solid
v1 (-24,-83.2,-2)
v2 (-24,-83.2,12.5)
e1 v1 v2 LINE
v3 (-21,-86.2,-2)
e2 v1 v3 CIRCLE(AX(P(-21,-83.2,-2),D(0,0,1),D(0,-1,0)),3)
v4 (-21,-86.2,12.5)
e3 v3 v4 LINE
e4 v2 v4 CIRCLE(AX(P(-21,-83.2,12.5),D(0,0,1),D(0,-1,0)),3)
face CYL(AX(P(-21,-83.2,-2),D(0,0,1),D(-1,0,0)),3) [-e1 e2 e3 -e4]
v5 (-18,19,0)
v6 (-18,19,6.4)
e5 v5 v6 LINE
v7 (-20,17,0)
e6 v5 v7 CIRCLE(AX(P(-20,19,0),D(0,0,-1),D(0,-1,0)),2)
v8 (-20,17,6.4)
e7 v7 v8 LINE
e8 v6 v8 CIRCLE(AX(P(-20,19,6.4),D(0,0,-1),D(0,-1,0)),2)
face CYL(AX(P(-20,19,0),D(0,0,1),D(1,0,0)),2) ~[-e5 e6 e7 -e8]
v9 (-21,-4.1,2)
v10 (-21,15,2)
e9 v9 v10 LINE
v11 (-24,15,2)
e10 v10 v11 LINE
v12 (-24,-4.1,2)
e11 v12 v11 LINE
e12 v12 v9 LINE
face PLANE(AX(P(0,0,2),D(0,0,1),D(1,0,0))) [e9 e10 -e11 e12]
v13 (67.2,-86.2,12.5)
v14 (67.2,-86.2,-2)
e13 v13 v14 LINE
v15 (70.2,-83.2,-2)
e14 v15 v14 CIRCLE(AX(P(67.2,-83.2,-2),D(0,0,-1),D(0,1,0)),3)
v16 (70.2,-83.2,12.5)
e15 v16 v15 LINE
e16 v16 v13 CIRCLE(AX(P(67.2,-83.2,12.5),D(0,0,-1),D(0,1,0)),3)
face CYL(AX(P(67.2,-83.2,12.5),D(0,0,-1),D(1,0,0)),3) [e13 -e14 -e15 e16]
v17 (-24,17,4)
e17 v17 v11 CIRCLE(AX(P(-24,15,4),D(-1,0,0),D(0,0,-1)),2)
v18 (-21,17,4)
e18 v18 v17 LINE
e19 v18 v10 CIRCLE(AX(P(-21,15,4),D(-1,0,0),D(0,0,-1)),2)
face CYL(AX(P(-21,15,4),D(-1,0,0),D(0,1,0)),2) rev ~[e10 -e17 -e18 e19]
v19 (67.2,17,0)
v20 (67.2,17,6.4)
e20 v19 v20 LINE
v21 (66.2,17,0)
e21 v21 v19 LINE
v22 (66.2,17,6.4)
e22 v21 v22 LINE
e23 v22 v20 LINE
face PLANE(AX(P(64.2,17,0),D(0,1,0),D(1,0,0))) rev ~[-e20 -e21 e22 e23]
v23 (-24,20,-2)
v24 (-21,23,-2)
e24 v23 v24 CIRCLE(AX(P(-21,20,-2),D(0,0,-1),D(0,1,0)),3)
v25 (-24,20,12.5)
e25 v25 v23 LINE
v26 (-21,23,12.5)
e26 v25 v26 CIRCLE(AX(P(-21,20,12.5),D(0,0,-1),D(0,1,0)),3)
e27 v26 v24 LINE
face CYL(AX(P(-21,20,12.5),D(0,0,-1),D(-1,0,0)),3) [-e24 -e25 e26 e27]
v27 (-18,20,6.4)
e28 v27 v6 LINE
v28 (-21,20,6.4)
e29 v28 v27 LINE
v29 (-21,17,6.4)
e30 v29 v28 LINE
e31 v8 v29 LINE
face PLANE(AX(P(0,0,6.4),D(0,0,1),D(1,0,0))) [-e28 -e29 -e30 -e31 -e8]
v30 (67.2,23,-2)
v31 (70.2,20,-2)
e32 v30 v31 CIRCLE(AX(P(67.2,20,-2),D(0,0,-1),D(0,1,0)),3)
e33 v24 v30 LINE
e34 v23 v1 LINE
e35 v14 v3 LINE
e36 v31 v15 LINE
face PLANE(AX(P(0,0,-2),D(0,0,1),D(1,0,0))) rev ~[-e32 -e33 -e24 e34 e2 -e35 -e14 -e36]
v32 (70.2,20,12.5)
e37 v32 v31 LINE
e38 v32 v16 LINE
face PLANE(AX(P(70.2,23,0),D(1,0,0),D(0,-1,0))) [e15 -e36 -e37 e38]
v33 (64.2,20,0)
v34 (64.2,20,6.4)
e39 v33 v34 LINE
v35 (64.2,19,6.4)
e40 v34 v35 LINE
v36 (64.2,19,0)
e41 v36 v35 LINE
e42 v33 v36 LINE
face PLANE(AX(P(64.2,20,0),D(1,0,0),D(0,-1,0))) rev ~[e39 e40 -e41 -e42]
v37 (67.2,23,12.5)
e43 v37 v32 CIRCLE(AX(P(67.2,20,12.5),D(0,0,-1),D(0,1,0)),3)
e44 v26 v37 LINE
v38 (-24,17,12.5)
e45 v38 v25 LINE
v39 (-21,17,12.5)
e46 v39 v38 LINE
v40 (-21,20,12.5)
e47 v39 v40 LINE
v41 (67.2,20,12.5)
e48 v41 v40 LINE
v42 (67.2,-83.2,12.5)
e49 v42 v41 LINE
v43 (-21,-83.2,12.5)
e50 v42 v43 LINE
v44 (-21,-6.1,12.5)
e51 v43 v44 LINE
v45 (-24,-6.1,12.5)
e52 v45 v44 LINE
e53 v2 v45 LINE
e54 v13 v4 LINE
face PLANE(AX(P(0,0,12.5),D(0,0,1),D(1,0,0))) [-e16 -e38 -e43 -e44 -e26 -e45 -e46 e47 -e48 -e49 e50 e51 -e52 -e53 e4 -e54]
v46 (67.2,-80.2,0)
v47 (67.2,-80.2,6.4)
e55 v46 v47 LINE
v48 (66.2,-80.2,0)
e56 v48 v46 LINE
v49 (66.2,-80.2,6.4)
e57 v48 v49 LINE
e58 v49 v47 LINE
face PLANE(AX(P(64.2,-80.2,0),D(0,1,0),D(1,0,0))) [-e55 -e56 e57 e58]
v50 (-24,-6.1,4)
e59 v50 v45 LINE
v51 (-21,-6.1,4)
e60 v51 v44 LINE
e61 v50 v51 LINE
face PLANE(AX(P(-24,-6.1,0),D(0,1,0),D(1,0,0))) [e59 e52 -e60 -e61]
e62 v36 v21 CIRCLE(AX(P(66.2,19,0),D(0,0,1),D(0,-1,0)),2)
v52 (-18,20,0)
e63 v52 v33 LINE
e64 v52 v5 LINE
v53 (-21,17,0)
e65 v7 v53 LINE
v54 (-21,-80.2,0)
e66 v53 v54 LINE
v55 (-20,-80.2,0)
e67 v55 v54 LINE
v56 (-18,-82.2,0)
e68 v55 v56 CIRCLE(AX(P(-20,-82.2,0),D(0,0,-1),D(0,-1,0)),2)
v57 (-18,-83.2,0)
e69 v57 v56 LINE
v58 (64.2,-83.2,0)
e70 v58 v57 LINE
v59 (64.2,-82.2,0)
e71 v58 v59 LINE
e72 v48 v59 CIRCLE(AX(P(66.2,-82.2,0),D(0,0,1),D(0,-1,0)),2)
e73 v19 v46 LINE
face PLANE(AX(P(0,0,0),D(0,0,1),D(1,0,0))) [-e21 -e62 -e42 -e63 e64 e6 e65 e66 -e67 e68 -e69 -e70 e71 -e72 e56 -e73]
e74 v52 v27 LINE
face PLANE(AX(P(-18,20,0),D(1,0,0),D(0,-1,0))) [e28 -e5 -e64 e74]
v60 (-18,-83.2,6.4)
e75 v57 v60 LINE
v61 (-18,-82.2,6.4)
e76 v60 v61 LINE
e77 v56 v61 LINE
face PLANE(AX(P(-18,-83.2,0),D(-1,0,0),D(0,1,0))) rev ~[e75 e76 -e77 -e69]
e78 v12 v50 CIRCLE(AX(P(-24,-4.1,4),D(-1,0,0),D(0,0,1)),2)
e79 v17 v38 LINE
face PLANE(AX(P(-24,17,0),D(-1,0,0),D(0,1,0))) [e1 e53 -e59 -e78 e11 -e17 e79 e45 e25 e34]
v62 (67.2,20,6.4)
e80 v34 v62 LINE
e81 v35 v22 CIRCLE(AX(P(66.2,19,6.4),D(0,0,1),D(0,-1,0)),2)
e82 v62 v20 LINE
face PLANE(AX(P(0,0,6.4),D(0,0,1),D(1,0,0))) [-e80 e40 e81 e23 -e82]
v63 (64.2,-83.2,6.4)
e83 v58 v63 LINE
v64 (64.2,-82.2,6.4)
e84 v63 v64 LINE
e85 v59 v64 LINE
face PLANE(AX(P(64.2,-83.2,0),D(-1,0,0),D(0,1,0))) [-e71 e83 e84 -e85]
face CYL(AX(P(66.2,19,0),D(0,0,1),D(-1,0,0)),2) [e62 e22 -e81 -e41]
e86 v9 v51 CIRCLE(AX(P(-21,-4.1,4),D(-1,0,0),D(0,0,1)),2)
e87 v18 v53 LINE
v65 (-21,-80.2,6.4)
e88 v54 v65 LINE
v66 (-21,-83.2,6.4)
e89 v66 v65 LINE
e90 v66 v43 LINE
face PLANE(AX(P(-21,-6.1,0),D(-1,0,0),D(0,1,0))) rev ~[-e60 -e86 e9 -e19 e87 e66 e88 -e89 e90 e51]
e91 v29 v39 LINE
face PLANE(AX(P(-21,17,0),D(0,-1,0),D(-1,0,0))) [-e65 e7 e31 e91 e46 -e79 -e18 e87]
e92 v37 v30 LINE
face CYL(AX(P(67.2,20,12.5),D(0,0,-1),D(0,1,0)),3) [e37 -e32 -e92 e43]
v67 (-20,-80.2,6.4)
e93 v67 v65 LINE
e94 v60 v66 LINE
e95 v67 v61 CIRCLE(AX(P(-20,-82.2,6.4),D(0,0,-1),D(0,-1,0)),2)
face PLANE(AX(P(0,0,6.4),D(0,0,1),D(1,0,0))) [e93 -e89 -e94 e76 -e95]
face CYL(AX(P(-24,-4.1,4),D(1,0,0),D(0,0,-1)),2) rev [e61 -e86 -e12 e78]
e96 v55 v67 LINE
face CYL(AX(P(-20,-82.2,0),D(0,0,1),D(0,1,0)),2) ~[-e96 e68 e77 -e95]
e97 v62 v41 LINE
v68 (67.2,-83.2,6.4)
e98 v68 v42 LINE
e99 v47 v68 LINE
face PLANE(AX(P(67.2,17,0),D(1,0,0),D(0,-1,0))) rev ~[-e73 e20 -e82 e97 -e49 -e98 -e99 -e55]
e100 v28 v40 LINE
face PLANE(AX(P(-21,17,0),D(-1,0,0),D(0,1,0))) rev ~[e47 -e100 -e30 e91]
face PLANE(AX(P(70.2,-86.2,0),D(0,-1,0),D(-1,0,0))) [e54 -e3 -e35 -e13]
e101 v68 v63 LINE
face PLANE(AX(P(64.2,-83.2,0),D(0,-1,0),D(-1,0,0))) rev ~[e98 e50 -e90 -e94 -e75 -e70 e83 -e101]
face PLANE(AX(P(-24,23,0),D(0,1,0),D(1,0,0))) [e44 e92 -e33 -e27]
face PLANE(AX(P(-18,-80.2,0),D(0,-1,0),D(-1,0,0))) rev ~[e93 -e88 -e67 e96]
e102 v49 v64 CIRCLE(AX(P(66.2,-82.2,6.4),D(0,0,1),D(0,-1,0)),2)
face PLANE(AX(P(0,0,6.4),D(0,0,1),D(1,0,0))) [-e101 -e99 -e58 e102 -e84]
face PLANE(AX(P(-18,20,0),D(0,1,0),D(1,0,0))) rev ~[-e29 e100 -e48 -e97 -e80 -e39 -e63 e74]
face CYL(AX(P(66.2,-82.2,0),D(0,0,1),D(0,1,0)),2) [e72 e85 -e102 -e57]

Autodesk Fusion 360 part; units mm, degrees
sketch "Sketch1" plane through (0, 0, 0) normal (0, 0, 1) x (1, 0, 0)
  line L0 (-21, 20) -> (67.2, 20)
  line L1 (67.2, 20) -> (67.2, -83.2)
  line L2 (67.2, -83.2) -> (-21, -83.2)
  line L3 (-21, -83.2) -> (-21, 20)
  line L4 (-24, 23) -> (70.2, 23)
  line L5 (70.2, 23) -> (70.2, -86.2)
  line L6 (70.2, -86.2) -> (-24, -86.2)
  line L7 (-24, -86.2) -> (-24, 23)
  line L8 (-21, 20) -> (-24, 20)
  line L9 (-24, 20) -> (-24, -6.1)
  line L10 (-24, -6.1) -> (-21, -6.1)
  line L11 (-21, -6.1) -> (-21, 20)
  line L12 (-21, 20) -> (-18, 20)
  line L13 (-18, 20) -> (-18, 17)
  line L14 (-18, 17) -> (-21, 17)
  line L15 (-21, 17) -> (-21, 20)
  line L16 (67.2, 20) -> (64.2, 20)
  line L17 (64.2, 20) -> (64.2, 17)
  line L18 (64.2, 17) -> (67.2, 17)
  line L19 (67.2, 17) -> (67.2, 20)
  line L20 (-21, -83.2) -> (-18, -83.2)
  line L21 (-18, -83.2) -> (-18, -80.2)
  line L22 (-18, -80.2) -> (-21, -80.2)
  line L23 (-21, -80.2) -> (-21, -83.2)
  line L24 (67.2, -83.2) -> (64.2, -83.2)
  line L25 (64.2, -83.2) -> (64.2, -80.2)
  line L26 (64.2, -80.2) -> (67.2, -80.2)
  line L27 (67.2, -80.2) -> (67.2, -83.2)
  line L28 (-24, 20) -> (-21, 20)
  line L29 (-21, 20) -> (-21, 17)
  line L30 (-21, 17) -> (-24, 17)
  line L31 (-24, 17) -> (-24, 20)
  dimension "d1" = 88.2
  dimension "d2" = 103.2
  dimension "d3" = 94.2
  dimension "d4" = 109.2
  dimension "d5" = 3
  dimension "d6" = 3
  dimension "d7" = 3
  dimension "d8" = 26.1
  dimension "d9" = 3
  dimension "d10" = 3
  dimension "d11" = 3
  dimension "d12" = 3
  dimension "d13" = 3
  dimension "d14" = 3
  dimension "d15" = 3
  dimension "d16" = 3
extrude "Extrude1" add sketch "Sketch1" against normal blind 2 makes body 1
extrude "Extrude2" add sketch "Sketch1" along normal blind 6.4 separate body contours L0 L3 L11 L12 L13 L14 L15 L29 | L0 L1 L16 L17 L18 L19 | L2 L3 L20 L21 L22 L23 | L1 L2 L24 L25 L26 L27 makes body 2 at (65.2, 20, 2.1333) makes body 3 at (-18, -82.2, 2.1333) makes body 4 at (-20, 20, 2.1333) makes body 5 at (67.2, -81.2, 2.1333)
extrude "Extrude3" add sketch "Sketch1" along normal blind 12.5 contours L0 L1 L2 L3 L4 L5 L6 L7 L8 L10 L12 L16 L19 L20 L23 L24 L27 L28 bodies 1 2 3 4 5
extrude "Extrude4" add sketch "Sketch1" along normal blind 12.5 separate body contours L3 L7 L8 L9 L11 L15 L28 L29 L30 L31 makes body 6
fillet "Fillet1" radius 3 4 edges at (-24, -86.2, 5.25) (70.2, -86.2, 5.25) (70.2, 23, 5.25) (-24, 23, 5.25) on bodies 1
fillet "Fillet2" radius 2 1 edges at (-18, 17, 3.2) on bodies 1
fillet "Fillet3" radius 2 3 edges at (64.2, 17, 3.2) (64.2, -80.2, 3.2) (-18, -80.2, 3.2) on bodies 1
extrude "Extrude5" add sketch "Sketch1" along normal blind 2 contours L3 L7 L9 L10 L11 L30 bodies 1 6
fillet "Fillet4" radius 2 2 edges at (-22.5, 17, 2) (-22.5, -6.1, 2) on bodies 1
